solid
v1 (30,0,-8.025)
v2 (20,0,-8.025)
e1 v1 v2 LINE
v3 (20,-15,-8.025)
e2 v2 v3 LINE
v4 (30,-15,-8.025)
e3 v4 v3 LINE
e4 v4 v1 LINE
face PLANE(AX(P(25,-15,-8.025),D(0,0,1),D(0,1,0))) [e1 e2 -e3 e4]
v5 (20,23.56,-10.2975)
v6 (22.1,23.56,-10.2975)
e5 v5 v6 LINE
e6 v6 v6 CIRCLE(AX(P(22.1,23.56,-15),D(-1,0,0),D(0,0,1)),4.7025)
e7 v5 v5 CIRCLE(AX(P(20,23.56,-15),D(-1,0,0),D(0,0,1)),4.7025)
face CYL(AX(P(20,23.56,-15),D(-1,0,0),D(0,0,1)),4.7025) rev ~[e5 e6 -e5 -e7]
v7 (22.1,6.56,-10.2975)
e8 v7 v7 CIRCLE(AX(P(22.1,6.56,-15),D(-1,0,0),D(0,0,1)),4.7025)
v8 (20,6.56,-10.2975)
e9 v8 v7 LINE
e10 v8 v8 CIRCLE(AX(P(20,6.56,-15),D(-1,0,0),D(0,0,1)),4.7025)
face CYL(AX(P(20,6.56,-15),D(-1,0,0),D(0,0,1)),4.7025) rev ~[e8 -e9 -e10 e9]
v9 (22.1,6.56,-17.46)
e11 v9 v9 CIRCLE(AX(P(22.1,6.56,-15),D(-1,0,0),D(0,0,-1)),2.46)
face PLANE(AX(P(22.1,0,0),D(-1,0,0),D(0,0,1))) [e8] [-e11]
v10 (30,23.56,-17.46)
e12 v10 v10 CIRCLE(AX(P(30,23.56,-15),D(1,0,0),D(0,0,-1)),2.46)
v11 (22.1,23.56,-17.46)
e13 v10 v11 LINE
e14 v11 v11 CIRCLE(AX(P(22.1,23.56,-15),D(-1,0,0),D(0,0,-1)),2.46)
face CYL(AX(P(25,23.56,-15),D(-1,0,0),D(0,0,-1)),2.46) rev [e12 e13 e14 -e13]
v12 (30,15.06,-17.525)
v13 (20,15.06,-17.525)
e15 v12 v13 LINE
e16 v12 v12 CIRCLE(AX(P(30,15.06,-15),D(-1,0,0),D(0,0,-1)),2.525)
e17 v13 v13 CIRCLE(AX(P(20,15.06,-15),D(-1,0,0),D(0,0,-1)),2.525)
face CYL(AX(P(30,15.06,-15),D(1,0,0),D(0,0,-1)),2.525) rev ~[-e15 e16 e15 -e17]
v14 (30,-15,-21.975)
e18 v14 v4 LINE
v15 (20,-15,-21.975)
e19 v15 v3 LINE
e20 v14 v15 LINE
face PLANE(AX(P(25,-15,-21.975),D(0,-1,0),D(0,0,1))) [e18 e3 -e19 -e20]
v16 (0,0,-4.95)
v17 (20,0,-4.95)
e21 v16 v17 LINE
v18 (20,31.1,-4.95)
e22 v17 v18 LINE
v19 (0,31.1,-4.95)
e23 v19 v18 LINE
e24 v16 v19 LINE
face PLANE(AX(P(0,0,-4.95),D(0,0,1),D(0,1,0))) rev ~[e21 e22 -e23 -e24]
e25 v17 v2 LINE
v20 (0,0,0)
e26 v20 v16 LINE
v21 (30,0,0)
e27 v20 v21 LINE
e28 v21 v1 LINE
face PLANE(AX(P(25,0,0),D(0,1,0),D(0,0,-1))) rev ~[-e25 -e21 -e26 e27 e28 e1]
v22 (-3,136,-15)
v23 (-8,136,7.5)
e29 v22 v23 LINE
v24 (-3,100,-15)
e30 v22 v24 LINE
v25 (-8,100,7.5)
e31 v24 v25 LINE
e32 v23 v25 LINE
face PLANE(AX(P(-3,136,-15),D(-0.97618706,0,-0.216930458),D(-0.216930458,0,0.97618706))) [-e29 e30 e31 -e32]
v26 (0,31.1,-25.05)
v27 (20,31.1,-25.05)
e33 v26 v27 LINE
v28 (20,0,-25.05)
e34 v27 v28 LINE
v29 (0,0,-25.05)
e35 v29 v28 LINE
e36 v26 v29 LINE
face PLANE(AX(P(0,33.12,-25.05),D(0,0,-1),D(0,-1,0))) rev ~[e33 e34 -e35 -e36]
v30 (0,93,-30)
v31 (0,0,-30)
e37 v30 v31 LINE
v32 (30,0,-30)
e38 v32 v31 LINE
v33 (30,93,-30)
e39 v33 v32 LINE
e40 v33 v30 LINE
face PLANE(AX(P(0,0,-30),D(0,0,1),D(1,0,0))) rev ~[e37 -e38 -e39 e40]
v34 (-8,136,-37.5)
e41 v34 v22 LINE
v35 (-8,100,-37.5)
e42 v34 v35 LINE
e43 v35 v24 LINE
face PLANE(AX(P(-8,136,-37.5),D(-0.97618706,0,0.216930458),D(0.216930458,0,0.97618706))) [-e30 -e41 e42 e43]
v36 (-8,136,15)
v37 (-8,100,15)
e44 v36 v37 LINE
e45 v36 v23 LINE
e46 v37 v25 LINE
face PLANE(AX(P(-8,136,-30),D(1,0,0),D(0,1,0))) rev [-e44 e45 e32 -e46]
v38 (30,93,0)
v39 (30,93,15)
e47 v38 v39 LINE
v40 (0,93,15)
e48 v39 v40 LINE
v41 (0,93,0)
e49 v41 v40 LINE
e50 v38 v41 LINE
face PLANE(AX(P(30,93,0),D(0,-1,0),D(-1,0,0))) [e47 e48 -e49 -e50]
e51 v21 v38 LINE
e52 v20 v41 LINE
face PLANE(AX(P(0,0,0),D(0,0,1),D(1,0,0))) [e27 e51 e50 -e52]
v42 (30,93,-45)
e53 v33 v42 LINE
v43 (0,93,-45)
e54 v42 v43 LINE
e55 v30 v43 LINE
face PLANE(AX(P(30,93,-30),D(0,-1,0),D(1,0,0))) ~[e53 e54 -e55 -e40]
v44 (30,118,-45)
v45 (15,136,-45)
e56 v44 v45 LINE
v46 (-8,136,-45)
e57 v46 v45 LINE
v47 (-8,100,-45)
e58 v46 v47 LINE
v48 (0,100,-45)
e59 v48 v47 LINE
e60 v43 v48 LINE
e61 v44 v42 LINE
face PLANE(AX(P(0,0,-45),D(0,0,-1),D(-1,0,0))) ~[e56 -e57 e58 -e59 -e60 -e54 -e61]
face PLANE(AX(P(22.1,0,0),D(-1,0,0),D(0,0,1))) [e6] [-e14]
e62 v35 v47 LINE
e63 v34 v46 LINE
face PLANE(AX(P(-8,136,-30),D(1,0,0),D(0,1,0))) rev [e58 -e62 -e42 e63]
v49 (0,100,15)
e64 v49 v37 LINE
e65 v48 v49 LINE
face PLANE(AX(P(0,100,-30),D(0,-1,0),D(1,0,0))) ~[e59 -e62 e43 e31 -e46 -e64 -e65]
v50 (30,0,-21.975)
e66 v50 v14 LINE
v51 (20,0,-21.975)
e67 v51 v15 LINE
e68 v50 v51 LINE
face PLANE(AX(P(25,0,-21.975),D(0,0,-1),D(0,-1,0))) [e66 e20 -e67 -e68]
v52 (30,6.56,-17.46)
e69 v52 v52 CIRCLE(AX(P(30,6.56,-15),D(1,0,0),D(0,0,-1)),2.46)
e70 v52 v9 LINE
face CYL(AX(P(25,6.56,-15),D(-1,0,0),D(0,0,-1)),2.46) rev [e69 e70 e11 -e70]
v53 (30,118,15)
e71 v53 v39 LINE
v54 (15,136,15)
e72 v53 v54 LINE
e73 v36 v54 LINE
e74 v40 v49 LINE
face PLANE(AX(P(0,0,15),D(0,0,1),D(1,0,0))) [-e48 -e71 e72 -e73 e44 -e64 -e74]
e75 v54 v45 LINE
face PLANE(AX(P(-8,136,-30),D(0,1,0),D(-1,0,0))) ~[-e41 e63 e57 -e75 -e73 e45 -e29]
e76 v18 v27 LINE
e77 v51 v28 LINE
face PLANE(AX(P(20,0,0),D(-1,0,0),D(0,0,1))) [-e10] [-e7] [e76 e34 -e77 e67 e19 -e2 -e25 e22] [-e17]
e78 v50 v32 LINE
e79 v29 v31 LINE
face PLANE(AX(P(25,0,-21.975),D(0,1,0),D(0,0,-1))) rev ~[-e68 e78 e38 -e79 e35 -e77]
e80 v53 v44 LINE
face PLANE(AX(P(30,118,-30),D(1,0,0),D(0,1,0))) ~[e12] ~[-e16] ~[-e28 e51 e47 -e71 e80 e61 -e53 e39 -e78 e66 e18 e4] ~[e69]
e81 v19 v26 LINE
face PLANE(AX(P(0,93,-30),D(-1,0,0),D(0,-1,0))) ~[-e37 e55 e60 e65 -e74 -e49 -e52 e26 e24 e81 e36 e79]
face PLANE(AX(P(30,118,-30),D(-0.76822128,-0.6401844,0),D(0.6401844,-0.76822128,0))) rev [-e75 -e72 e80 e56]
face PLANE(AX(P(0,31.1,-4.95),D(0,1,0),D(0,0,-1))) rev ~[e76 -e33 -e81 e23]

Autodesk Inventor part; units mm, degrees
ref_plane "YZ Plane" through (0, 0, 0) normal (1, 0, 0) x (0, 1, 0)
ref_plane "XZ Plane" through (0, 0, 0) normal (0, 1, 0) x (-1, 0, 0)
sketch "Sketch1" plane through (0, 0, 0) normal (0, 0, 1) x (1, 0, 0)
  line L0 (0, 0) -> (25, 0)
  line L1 (25, 0) -> (25, 40)
  line L2 (25, 40) -> (0, 40)
  line L3 (0, 40) -> (0, 0)
  dimension "d1" = 25
  dimension "d2" = 40
  dimension "d3" = 25
extrude "Extrusion1" add sketch "Sketch1" against normal blind 30
sketch "Sketch2" plane through (25, 0, 0) normal (1, 0, 0) x (0, 0, -1)
  line L0 (0, 0) -> (30, 0) projected
  circle A0 centre (15, 6.56) radius 2.46
extrude "Extrusion2" cut sketch "Sketch2" against normal blind 30
sketch "Sketch3" plane through (0, 0, 0) normal (-1, 0, 0) x (0, 0, 1)
  line L0 (0, 0) -> (-30, 0) projected
  line L1 (-25.05, 0) -> (-4.95, 0)
  line L2 (-4.95, 0) -> (-4.95, 33.12)
  line L3 (-4.95, 33.12) -> (-25.05, 33.12)
  line L4 (-25.05, 33.12) -> (-25.05, 0)
  dimension "d11" = 20.1
extrude "Extrusion3" cut sketch "Sketch3" against normal blind 20
sketch "Sketch4" plane through (0, 0, 0) normal (0, -1, 0) x (1, 0, 0)
  line L0 (20, -4.95) -> (20, -25.05) projected
  line L1 (20, -15) -> (25, -15)
  line L2 (25, 0) -> (25, -30) projected
  line L3 (20, -8.025) -> (25, -8.025)
  line L4 (25, -8.025) -> (25, -21.975)
  line L5 (25, -21.975) -> (20, -21.975)
  line L6 (20, -21.975) -> (20, -8.025)
  line L7 (20, -8.025) -> (25, -21.975) construction
  line L8 (25, -8.025) -> (20, -21.975) construction
  line L9 (25, -12.54) -> (25, -17.46) projected
  point P0 (0, 0)
  point P1 (22.5, -15)
  dimension "d14" = 13.95
extrude "Extrusion4" add sketch "Sketch4" along normal blind 15
sketch "Sketch5" plane through (20, 0, 0) normal (-1, 0, 0) x (0, 0, 1)
  circle A0 centre (-15, 6.56) radius 2.46 projected
  circle A1 centre (-15, 6.56) radius 4.7025
  circle A2 centre (-15, 6.56) radius 2.46 projected
  circle A3 centre (-15, 6.56) radius 2.46
  point P0 (0, 0)
  dimension "d17" = 9.405
extrude "Extrusion5" cut sketch "Sketch5" against normal blind 2.1
sketch "Sketch6" plane through (25, 0, 0) normal (1, 0, 0) x (0, 0, -1)
  circle A0 centre (15, 6.56) radius 4.7025 projected
  line L0 (15, 6.56) -> (15, 23.56)
  circle A1 centre (15, 23.56) radius 2.46
  point P0 (0, 0)
  dimension "d20" = 17
  dimension "d21" = 4.92
extrude "Extrusion6" cut sketch "Sketch6" against normal blind 10 contours A1
sketch "Sketch7" plane through (20, 0, 0) normal (-1, 0, 0) x (0, 0, 1)
  circle A0 centre (-15, 23.56) radius 2.46 projected
  circle A1 centre (-15, 23.56) radius 4.7025
  point P0 (0, 0)
  dimension "d24" = 9.405
extrude "Extrusion7" cut sketch "Sketch7" against normal blind 2.1
sketch "Sketch9" plane through (25, 0, 0) normal (1, 0, 0) x (0, 0, -1)
  circle A0 centre (15, 6.56) radius 2.46 projected
  circle A1 centre (15, 6.56) radius 2.46
  circle A2 centre (15, 23.56) radius 2.46 projected
  circle A3 centre (15, 23.56) radius 2.46
  line L0 (30, 40) -> (30, 0) projected
  line L1 (30, 0) -> (30, 40)
  line L2 (30, 40) -> (0, 40)
  line L3 (0, 40) -> (0, 0)
  line L4 (0, 0) -> (8.025, 0) projected
  line L5 (21.975, 0) -> (21.975, -15)
  line L6 (21.975, -15) -> (8.025, -15)
  line L7 (8.025, -15) -> (8.025, 0)
  line L8 (0, 0) -> (8.025, 0)
  line L9 (21.975, 0) -> (30, 0)
extrude "Extrusion8" add sketch "Sketch9" along normal blind 5
sketch "Sketch10" plane through (0, 40, 0) normal (0, 1, 0) x (1, 0, 0)
  line L0 (0, 30) -> (30, 30) projected
  line L1 (30, 0) -> (0, 0) projected
  line L2 (0, 30) -> (30, 30)
  line L3 (30, 30) -> (30, 0)
  line L4 (30, 0) -> (0, 0)
  line L5 (0, 0) -> (0, 30)
extrude "Extrusion9" add sketch "Sketch10" along normal blind 30
sketch "Sketch12" plane through (30, 0, 0) normal (1, 0, 0) x (0, 0, -1)
  circle A0 centre (15, 6.56) radius 2.46 projected
  line L0 (15, 6.56) -> (15, 15.06)
  circle A1 centre (15, 15.06) radius 2.525
  point P0 (0, 0)
  dimension "d31" = 8.5
  dimension "d33" = 5.05
extrude "Extrusion10" cut sketch "Sketch12" against normal blind 30 contours A1
sketch "Sketch14" plane through (0, 0, 0) normal (0, 0, 1) x (1, 0, 0)
  line L0 (30, 70) -> (0, 70) projected
  line L1 (0, 100) -> (-8, 100)
  line L2 (30, 0) -> (30, 70) projected
  line L3 (30, 118) -> (30, 70)
  line L4 (30, 105) -> (30, 100)
  line L5 (0, 70) -> (30, 70) projected
  line L6 (0, 70) -> (0, 100)
  line L7 (15, 136) -> (30, 118)
  line L8 (-8, 136) -> (15, 136)
  line L9 (-8, 100) -> (-8, 136)
  point P0 (0, 0)
  dimension "d47" = 30
extrude "Extrusion12" add sketch "Sketch14" against normal blind 30
sketch "Sketch15" plane through (0, 0, -25.05) normal (-1, 0, 0) x (0, 0, 1)
  line L0 (0, 33.12) -> (20.1, 33.12) projected
  line L1 (20.1, 33.12) -> (20.1, 0) projected
  line L2 (0, 33.12) -> (20.1, 33.12)
  line L3 (20.1, 33.12) -> (20.1, 31.1)
  line L4 (20.1, 31.1) -> (0, 31.1)
  line L5 (0, 31.1) -> (0, 33.12)
  point P0 (25.05, 0)
  dimension "d57" = 2.02
extrude "Extrusion13" add sketch "Sketch15" against normal blind 20
sketch "Sketch23" plane through (0, 0, 0) normal (0, 0, 1) x (1, 0, 0)
  line L0 (0, 100) -> (-8, 100) projected
  line L1 (-8, 136) -> (15, 136) projected
  line L2 (-8, 136) -> (15, 136)
  line L3 (30, 118) -> (15, 136) projected
  line L4 (15, 136) -> (30, 118)
  line L5 (30, 118) -> (30, 93)
  line L6 (30, 0) -> (30, 118) projected
  line L7 (30, 93) -> (0, 93)
  line L8 (0, 93) -> (0, 100)
  line L9 (-8, 100) -> (0, 100)
  line L10 (15, 136) -> (-8, 136) projected
  line L11 (-8, 136) -> (-8, 100)
  point P0 (0, 0)
  point P1 (-2, 102)
  point P2 (4, 118)
  point P3 (-2, 134)
  dimension "d85" = 25
extrude "Extrusion14" add sketch "Sketch23" along normal blind 15
ref_plane "Work Plane1" through (0, 0, -15) normal (0, 0, 1) x (1, 0, 0)
mirror "Mirror1" about plane through (0, 0, -15) normal (0, 0, 1) of "Extrusion14"
sketch "Sketch27" plane through (-8, 136, 15) normal (0, 1, 0) x (1, 0, 0)
  line L0 (0, 60) -> (0, 0) projected
  line L1 (0, 30) -> (0, 7.5)
  line L2 (8, 60) -> (8, 0) projected
  line L3 (0, 52.5) -> (0, 30)
  line L4 (0, 52.5) -> (5, 30)
  line L5 (5, 30) -> (0, 7.5)
  point P0 (8, 15)
  dimension "d94" = 22.5
extrude "Extrusion16" cut sketch "Sketch27" against normal through all
properties part number "orien_b_40mm"
